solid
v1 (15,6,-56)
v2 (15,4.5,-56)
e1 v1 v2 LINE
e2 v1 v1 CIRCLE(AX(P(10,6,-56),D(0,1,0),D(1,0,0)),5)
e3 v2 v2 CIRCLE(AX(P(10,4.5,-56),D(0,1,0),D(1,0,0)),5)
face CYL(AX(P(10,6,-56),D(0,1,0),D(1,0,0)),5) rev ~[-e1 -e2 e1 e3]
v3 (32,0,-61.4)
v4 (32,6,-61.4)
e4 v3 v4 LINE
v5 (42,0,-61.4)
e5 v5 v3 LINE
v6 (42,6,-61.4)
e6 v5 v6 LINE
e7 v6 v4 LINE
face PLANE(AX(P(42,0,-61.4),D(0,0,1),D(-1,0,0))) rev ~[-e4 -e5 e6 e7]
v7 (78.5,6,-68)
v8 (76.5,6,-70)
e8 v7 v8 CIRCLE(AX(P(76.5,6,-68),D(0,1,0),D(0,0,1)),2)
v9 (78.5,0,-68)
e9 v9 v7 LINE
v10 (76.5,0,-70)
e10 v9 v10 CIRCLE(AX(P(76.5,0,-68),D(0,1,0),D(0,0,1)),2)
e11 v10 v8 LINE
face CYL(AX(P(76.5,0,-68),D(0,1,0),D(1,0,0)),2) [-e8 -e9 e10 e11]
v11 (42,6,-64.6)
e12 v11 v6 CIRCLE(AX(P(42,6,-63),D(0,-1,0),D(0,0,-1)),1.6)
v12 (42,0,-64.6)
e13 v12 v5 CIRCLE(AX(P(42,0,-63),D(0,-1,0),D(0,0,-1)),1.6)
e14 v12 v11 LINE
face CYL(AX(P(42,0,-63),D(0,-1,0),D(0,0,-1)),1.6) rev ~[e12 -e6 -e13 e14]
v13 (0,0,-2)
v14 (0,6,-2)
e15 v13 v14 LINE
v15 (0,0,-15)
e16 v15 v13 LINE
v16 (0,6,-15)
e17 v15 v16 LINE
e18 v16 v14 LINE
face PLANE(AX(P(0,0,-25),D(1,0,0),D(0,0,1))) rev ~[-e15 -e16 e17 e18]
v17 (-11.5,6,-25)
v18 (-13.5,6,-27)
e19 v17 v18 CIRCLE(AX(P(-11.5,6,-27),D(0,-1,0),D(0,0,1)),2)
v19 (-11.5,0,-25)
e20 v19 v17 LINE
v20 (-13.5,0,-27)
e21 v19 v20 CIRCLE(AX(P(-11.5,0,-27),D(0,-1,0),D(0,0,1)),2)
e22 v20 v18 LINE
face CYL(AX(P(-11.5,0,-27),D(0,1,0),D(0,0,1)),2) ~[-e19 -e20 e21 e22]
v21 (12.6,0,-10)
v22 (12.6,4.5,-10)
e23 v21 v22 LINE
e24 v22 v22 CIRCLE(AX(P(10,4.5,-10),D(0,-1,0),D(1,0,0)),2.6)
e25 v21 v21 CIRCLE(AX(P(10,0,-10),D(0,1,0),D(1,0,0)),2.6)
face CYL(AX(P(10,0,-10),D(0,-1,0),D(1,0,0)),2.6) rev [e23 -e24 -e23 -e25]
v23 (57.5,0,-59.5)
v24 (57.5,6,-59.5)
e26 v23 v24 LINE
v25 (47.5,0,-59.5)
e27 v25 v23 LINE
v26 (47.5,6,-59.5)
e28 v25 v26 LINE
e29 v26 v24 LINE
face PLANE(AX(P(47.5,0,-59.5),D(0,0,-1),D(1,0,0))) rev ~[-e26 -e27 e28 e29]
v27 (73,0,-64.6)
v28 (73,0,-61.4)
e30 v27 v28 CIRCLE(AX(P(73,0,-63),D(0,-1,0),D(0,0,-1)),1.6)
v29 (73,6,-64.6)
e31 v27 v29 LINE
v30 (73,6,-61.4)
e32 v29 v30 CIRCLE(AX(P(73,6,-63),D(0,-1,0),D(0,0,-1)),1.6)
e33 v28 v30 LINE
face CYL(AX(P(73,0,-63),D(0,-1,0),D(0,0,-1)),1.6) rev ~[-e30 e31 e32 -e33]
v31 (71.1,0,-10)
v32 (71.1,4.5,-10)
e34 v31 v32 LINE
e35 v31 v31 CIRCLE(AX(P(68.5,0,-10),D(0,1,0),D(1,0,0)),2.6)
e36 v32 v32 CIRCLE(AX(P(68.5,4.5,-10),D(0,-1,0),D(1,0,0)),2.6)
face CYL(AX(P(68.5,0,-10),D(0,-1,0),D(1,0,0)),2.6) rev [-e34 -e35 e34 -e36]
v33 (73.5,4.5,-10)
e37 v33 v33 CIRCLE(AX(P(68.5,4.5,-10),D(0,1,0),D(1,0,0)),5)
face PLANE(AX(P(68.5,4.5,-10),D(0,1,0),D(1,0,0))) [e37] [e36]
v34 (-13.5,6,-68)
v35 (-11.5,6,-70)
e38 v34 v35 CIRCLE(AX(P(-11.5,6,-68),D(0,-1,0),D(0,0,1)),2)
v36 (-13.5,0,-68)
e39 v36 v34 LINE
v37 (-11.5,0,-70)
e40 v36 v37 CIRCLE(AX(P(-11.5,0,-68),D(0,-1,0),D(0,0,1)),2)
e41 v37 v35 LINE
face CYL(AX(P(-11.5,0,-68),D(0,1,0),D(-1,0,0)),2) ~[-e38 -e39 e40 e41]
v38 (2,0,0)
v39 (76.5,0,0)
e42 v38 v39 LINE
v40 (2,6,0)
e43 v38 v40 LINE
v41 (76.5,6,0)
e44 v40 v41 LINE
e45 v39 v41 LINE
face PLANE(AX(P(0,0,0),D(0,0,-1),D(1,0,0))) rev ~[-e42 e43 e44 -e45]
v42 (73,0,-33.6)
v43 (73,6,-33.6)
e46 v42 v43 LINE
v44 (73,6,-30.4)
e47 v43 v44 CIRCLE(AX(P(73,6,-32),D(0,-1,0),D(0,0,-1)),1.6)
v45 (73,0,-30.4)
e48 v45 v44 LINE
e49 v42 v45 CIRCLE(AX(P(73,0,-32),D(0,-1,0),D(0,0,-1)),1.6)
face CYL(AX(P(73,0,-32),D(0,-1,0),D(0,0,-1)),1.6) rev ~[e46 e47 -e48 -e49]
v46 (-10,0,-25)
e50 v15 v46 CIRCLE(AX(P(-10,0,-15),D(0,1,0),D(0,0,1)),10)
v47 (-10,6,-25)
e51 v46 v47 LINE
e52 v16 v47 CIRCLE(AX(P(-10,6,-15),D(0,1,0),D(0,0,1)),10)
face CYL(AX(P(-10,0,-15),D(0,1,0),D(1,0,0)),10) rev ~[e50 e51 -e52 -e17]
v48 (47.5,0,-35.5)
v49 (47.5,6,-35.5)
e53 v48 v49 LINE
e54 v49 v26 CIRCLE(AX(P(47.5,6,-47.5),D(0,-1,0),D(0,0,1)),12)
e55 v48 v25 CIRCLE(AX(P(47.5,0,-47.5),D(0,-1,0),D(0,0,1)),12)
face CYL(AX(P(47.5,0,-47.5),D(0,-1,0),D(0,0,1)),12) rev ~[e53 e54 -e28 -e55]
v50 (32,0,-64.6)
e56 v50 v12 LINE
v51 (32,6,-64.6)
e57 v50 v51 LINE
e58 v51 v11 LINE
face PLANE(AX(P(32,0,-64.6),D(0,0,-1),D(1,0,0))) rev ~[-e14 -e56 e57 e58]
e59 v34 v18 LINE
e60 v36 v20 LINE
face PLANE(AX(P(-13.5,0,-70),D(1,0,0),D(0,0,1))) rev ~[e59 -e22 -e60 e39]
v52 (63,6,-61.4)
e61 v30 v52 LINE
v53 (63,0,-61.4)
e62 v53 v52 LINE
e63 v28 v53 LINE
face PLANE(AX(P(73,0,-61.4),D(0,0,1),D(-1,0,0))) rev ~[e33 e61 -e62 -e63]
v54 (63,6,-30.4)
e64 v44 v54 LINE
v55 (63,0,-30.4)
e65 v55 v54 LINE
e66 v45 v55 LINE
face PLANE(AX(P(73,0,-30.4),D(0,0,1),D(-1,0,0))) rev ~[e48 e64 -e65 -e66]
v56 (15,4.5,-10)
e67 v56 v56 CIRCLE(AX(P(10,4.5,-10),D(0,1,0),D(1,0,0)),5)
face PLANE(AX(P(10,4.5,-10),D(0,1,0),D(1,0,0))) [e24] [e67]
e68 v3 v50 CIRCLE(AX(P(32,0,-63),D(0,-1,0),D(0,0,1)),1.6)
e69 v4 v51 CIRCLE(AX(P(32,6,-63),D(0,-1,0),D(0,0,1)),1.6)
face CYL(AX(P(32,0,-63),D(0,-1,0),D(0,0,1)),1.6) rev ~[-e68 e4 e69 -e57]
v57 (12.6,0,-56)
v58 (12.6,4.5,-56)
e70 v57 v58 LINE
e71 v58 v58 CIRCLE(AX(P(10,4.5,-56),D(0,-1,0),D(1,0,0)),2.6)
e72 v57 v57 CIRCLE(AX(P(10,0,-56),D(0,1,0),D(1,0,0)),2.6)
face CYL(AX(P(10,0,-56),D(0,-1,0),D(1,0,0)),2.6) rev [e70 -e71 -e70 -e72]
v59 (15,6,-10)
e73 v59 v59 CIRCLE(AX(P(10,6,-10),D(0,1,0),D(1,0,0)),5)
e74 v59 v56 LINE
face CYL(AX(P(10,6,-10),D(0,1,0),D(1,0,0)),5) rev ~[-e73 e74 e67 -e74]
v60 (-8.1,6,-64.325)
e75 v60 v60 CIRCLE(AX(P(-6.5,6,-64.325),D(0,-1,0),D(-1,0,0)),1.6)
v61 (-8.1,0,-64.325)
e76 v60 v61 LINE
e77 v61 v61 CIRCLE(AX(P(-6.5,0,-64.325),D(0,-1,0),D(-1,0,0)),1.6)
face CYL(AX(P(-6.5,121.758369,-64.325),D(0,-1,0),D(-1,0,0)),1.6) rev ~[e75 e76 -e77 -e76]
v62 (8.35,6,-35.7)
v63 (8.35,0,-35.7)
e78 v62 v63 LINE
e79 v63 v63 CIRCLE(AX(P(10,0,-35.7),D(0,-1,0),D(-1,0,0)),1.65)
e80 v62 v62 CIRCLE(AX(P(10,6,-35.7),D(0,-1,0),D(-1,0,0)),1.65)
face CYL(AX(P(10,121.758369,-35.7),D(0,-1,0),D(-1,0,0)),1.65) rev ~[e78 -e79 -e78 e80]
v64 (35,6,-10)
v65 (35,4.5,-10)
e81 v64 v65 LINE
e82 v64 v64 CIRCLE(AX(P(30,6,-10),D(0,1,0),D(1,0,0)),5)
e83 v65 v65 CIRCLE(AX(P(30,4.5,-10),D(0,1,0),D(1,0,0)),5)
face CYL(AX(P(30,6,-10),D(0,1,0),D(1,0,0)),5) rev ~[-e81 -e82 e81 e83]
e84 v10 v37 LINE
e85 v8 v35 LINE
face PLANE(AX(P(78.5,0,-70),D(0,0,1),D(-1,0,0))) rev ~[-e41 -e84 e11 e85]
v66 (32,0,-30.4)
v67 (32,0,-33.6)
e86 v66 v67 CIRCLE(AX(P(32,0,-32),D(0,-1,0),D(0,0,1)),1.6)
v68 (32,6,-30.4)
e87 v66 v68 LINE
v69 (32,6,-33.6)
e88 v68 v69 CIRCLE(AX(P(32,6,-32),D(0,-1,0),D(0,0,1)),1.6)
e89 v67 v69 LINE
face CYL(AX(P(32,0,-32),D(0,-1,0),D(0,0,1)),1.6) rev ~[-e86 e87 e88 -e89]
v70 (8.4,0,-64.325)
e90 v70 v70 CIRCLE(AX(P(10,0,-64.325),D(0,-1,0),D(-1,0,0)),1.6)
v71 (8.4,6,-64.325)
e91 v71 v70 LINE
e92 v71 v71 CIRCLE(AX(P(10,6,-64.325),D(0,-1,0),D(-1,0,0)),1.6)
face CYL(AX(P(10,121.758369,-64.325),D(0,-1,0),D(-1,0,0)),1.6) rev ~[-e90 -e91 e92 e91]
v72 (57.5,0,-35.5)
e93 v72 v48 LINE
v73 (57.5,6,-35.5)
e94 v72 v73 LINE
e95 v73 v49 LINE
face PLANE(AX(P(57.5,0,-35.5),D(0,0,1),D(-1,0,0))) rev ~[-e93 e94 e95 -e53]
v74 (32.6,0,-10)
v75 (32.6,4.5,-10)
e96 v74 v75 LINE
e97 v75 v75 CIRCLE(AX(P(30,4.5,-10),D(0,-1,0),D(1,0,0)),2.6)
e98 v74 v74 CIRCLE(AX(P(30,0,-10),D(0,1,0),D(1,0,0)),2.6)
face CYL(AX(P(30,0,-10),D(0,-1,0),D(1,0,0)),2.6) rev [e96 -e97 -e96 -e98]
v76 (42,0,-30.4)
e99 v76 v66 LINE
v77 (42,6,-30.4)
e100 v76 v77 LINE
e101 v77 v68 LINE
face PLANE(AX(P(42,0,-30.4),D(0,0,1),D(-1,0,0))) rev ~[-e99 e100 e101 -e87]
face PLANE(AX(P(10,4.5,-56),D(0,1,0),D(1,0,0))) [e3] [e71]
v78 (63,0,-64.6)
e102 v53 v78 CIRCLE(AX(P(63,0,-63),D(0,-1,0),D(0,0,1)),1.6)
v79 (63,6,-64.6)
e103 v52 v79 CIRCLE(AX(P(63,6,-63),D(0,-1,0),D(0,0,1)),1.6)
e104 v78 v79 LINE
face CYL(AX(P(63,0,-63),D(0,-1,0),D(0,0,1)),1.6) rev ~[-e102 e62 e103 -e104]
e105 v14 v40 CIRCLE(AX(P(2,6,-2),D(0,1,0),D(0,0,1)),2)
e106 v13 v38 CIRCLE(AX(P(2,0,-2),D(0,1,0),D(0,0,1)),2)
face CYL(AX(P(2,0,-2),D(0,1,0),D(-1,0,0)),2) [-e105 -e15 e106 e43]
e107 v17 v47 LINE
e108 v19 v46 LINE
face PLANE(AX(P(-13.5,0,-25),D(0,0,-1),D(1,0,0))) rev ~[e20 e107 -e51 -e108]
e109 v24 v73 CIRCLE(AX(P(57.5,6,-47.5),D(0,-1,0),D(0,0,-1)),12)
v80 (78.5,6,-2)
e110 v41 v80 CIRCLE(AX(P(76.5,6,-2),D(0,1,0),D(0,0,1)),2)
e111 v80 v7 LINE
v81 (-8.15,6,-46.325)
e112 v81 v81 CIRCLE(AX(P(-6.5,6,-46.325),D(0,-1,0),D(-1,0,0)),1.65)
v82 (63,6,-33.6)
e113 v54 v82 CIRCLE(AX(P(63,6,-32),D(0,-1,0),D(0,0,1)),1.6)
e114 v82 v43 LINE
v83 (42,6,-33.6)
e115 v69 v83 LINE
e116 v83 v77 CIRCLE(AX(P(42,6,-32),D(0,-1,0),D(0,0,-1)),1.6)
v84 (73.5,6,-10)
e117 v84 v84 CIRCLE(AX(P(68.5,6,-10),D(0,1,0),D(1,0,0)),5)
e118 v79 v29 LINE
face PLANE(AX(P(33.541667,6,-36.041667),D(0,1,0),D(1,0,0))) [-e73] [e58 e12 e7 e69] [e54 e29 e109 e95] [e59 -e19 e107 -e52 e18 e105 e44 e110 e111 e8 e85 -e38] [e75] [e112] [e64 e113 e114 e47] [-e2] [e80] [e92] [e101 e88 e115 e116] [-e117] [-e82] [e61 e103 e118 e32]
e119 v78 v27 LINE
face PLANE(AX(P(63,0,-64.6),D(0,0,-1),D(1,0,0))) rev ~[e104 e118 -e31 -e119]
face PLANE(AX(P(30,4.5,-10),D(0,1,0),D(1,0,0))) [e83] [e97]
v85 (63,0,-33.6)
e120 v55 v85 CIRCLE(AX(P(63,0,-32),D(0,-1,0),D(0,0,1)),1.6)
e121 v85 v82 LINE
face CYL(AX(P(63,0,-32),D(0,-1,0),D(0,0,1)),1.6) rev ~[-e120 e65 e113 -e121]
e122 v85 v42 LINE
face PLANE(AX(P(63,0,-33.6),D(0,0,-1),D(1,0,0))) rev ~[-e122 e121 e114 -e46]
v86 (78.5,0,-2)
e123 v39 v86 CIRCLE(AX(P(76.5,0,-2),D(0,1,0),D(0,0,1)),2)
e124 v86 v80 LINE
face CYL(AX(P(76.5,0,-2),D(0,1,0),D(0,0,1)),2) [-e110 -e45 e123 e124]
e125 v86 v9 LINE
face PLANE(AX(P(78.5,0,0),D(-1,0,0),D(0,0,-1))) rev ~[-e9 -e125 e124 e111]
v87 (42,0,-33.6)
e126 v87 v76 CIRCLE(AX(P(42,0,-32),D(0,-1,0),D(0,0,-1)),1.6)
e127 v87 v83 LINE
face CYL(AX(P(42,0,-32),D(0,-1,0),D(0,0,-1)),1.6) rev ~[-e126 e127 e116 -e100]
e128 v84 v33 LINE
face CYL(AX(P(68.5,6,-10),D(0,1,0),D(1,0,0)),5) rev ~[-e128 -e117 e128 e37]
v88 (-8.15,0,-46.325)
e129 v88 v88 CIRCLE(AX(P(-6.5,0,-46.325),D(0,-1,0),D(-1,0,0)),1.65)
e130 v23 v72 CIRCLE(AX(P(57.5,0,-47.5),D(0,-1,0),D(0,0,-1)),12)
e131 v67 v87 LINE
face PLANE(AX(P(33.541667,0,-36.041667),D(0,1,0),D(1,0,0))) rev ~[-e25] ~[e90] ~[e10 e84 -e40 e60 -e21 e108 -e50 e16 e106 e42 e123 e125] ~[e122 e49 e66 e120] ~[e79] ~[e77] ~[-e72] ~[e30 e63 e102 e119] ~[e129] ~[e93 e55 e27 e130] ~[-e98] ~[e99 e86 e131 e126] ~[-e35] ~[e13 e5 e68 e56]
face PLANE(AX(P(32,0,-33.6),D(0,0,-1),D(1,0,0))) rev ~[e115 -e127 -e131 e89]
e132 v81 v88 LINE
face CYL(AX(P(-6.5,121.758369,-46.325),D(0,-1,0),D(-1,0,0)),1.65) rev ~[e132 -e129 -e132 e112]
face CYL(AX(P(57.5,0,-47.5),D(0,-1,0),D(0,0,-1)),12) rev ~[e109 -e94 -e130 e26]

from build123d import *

# Parameters (mm, degrees)
SKETCH3_R             = 2.6
BOSS_EXTRUDE1_DEPTH   = 6
FILLET1_R             = 10
M3_CLEARANCE_HOLE1_D  = 3.2
M4X0_7_TAPPED_HOLE1_D = 3.3
FILLET2_R             = 2
SKETCH5_R             = 5
COUNTERBORE_DEPTH     = 1.5


with BuildPart() as part:
    # Sketch3 → Boss-Extrude1 (new body)
    with BuildSketch(Plane(origin=(0, 0, 0), x_dir=(1, 0, 0), z_dir=(0, 1, 0))):
        Polygon((0, 0), (78.5, 0), (78.5, 70), (0, 70), (-13.5, 70), (-13.5, 25), (0, 25), align=None)
        with Locations((10, 56)):
            Circle(SKETCH3_R, mode=Mode.SUBTRACT)
        with Locations((10, 10)):
            Circle(SKETCH3_R, mode=Mode.SUBTRACT)
        with Locations((68.5, 10)):
            Circle(SKETCH3_R, mode=Mode.SUBTRACT)
        with Locations((30, 10)):
            Circle(SKETCH3_R, mode=Mode.SUBTRACT)
        with BuildLine():
            Line((47.5, 59.5), (57.5, 59.5))
            ThreePointArc((57.5, 59.5), (69.5, 47.5), (57.5, 35.5))
            Line((57.5, 35.5), (47.5, 35.5))
            ThreePointArc((47.5, 35.5), (35.5, 47.5), (47.5, 59.5))
        make_face(mode=Mode.SUBTRACT)
        with BuildLine():
            Line((32, 64.6), (42, 64.6))
            ThreePointArc((42, 64.6), (43.6, 63), (42, 61.4))
            Line((42, 61.4), (32, 61.4))
            ThreePointArc((32, 61.4), (30.4, 63), (32, 64.6))
        make_face(mode=Mode.SUBTRACT)
        with BuildLine():
            Line((63, 64.6), (73, 64.6))
            ThreePointArc((73, 64.6), (74.6, 63), (73, 61.4))
            Line((73, 61.4), (63, 61.4))
            ThreePointArc((63, 61.4), (61.4, 63), (63, 64.6))
        make_face(mode=Mode.SUBTRACT)
        with BuildLine():
            Line((63, 33.6), (73, 33.6))
            ThreePointArc((73, 33.6), (74.6, 32), (73, 30.4))
            Line((73, 30.4), (63, 30.4))
            ThreePointArc((63, 30.4), (61.4, 32), (63, 33.6))
        make_face(mode=Mode.SUBTRACT)
        with BuildLine():
            Line((32, 33.6), (42, 33.6))
            ThreePointArc((42, 33.6), (43.6, 32), (42, 30.4))
            Line((42, 30.4), (32, 30.4))
            ThreePointArc((32, 30.4), (30.4, 32), (32, 33.6))
        make_face(mode=Mode.SUBTRACT)
    extrude(amount=BOSS_EXTRUDE1_DEPTH)

    # Fillet1
    fillet1_edges = [part.edges().sort_by_distance(p)[0] for p in [
        (0, 3, -25),
    ]]
    fillet(fillet1_edges, radius=FILLET1_R)

    # M3 Clearance Hole1 (through all)
    with Locations(Plane(origin=(0, 6, 0), x_dir=(1, 0, 0), z_dir=(0, 1, 0))):
        with Locations((10, 64.325), (-6.5, 64.325)):
            Hole(M3_CLEARANCE_HOLE1_D / 2)

    # M4x0.7 Tapped Hole1 (through all)
    with Locations(Plane(origin=(0, 6, 0), x_dir=(1, 0, 0), z_dir=(0, 1, 0))):
        with Locations((-6.5, 46.325), (10, 35.7)):
            Hole(M4X0_7_TAPPED_HOLE1_D / 2)

    # Fillet2
    fillet2_edges = [part.edges().sort_by_distance(p)[0] for p in [
        (-13.5, 3, -25),
        (-13.5, 3, -70),
        (78.5, 3, -70),
        (78.5, 3, 0),
        (0, 3, 0),
    ]]
    fillet(fillet2_edges, radius=FILLET2_R)

    # Sketch5 → Counterbore (cut)
    with BuildSketch(Plane(origin=(0, 6, 0), x_dir=(1, 0, 0), z_dir=(0, 1, 0))):
        with Locations((10, 56)):
            Circle(SKETCH5_R)
        with Locations((10, 10)):
            Circle(SKETCH5_R)
        with Locations((30, 10)):
            Circle(SKETCH5_R)
        with Locations((68.5, 10)):
            Circle(SKETCH5_R)
    extrude(amount=-COUNTERBORE_DEPTH, mode=Mode.SUBTRACT)


solid = part.part
